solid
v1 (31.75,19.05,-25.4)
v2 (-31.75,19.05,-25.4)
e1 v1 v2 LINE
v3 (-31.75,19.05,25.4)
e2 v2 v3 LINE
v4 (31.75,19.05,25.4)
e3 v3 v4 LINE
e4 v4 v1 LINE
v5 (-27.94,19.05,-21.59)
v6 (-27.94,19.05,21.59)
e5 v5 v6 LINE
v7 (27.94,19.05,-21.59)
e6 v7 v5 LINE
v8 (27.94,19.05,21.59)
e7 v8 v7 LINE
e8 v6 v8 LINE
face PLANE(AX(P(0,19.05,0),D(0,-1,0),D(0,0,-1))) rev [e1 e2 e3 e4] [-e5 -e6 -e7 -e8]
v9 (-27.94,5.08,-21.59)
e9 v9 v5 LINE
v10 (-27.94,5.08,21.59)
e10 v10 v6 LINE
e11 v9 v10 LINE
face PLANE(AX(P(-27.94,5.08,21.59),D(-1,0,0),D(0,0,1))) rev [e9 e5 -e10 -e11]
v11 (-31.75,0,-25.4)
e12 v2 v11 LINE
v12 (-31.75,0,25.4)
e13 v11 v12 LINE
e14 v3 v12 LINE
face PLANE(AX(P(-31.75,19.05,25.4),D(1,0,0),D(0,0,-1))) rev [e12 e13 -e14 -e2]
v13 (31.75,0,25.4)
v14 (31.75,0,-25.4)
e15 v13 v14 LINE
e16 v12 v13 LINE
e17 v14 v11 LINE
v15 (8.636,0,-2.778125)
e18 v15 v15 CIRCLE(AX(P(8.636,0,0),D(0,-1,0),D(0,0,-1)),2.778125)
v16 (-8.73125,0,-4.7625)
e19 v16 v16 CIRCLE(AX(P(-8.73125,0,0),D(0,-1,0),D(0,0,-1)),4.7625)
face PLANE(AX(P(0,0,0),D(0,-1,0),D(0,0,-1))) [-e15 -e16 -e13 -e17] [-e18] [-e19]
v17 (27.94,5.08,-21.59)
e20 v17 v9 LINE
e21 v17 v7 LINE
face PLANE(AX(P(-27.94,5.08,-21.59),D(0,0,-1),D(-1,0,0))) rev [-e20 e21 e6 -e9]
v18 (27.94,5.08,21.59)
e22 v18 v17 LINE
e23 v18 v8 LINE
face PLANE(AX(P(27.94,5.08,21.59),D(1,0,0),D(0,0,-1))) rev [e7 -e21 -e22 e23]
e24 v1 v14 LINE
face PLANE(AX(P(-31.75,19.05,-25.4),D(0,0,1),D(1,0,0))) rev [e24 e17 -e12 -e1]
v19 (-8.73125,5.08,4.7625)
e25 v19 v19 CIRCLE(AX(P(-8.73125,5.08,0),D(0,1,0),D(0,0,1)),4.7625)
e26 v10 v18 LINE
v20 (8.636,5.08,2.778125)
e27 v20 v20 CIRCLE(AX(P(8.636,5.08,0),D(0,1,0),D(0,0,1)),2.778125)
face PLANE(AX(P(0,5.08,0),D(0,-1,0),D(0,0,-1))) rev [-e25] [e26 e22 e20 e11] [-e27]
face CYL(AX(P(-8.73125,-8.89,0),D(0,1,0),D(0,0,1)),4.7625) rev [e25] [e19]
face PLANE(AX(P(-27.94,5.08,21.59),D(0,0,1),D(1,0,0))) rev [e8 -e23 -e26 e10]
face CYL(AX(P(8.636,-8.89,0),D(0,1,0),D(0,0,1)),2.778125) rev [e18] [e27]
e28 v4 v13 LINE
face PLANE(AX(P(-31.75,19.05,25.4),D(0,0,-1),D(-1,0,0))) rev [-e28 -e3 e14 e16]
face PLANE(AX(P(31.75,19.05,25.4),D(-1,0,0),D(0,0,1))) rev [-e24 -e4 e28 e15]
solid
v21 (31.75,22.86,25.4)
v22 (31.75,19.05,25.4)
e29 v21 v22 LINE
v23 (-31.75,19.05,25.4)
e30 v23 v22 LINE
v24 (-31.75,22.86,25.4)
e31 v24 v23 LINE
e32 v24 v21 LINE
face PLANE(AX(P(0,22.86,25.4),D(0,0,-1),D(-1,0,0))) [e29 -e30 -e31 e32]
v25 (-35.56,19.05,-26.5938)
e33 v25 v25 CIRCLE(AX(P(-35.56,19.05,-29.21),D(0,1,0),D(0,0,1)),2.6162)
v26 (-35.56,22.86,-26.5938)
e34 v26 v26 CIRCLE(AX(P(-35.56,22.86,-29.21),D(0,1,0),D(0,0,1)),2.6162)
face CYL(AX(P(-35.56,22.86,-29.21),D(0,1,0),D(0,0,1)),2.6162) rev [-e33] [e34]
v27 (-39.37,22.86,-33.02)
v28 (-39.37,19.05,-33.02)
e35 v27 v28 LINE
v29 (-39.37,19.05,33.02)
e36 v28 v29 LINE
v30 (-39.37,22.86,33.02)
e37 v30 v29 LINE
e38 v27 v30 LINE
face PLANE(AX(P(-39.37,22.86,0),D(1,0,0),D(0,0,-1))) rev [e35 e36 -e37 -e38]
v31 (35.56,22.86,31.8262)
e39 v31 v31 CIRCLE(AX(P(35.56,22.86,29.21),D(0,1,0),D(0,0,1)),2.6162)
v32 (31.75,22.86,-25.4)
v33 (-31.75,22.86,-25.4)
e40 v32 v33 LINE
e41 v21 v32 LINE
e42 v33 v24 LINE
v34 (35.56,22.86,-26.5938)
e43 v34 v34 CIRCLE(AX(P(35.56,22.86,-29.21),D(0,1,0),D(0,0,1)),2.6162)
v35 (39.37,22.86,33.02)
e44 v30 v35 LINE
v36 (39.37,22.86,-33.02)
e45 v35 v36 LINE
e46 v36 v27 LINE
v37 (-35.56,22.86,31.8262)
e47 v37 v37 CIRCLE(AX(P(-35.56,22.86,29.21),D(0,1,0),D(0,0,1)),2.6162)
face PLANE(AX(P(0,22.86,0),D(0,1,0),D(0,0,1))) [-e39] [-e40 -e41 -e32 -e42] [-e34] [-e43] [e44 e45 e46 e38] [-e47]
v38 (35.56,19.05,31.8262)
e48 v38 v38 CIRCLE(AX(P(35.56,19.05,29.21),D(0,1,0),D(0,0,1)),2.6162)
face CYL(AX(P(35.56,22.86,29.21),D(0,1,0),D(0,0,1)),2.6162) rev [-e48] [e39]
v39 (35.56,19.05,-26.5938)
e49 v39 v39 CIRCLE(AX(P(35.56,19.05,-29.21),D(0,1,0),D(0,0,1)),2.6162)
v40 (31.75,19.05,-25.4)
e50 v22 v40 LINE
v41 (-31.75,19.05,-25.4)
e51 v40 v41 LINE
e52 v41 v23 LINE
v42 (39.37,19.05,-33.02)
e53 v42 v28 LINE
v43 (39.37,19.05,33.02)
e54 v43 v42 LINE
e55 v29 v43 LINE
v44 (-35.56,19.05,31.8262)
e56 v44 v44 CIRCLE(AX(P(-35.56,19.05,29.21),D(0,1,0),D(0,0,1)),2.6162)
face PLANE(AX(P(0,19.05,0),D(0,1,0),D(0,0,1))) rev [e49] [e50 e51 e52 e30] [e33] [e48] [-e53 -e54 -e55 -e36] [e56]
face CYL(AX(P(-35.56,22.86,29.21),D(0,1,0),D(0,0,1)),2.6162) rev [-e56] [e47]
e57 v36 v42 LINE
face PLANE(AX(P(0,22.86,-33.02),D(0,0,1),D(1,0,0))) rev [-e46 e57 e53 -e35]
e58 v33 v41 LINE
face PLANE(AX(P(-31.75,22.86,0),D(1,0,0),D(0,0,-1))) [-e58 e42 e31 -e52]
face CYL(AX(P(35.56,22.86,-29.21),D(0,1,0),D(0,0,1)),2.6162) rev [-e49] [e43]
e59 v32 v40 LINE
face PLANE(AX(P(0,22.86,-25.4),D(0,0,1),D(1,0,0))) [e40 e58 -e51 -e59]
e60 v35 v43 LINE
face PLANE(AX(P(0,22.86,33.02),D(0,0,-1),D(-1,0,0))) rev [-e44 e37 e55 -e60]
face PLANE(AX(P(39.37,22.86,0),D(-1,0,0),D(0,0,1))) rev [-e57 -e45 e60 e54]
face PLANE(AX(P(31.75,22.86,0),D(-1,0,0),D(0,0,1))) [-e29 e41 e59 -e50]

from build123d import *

# Parameters (mm, degrees)
SKETCH1_W                       = 63.5
SKETCH1_H                       = 50.8
BOSS_EXTRUDE1_DEPTH             = 19.05
SKETCH2_W                       = 55.88
SKETCH2_H                       = 43.18
CUT_EXTRUDE1_DEPTH              = 13.97
SKETCH3_R                       = 4.7625
SKETCH3_R_2                     = 2.778125
CUT_EXTRUDE2_DEPTH              = 13.97
SKETCH19_W                      = 78.74
SKETCH19_H                      = 66.04
SKETCH19_W_2                    = 63.5
SKETCH19_H_2                    = 50.8
BOSS_EXTRUDE5_DEPTH             = 3.81
F_10_CLEARANCE_HOLE1_AT_2_COUNT = 2
F_10_CLEARANCE_HOLE1_AT_2_PITCH = 58.42
F_10_CLEARANCE_HOLE1_AT_3_COUNT = 2
F_10_CLEARANCE_HOLE1_AT_3_PITCH = 92.037768335
F_10_CLEARANCE_HOLE1_AT_4_COUNT = 2
F_10_CLEARANCE_HOLE1_AT_4_PITCH = 71.12


with BuildPart() as part:
    # Sketch1 → Boss-Extrude1 (new body)
    with BuildSketch(Plane(origin=(0, 0, 0), x_dir=(1, 0, 0), z_dir=(0, 1, 0))):
        Rectangle(SKETCH1_W, SKETCH1_H)
    extrude(amount=BOSS_EXTRUDE1_DEPTH)

    # Sketch2 → Cut-Extrude1 (cut)
    with BuildSketch(Plane(origin=(0, 19.05, 0), x_dir=(1, 0, 0), z_dir=(0, 1, 0))):
        Rectangle(SKETCH2_W, SKETCH2_H)
    extrude(amount=-CUT_EXTRUDE1_DEPTH, mode=Mode.SUBTRACT)

    # Sketch3 → Cut-Extrude2 (cut)
    with BuildSketch(Plane(origin=(0, 5.08, 0), x_dir=(1, 0, 0), z_dir=(0, 1, 0))):
        with Locations(Location((-8.73125, 0, 0), (0, 0, 270))):
            Circle(SKETCH3_R)
        with Locations(Location((8.636, 0, 0), (0, 0, 270))):
            Circle(SKETCH3_R_2)
    extrude(amount=-CUT_EXTRUDE2_DEPTH, mode=Mode.SUBTRACT)


with BuildPart() as body_2:
    # Sketch19 → Boss-Extrude5 (new body)
    with BuildSketch(Plane(origin=(0, 19.05, 0), x_dir=(1, 0, 0), z_dir=(0, 1, 0))):
        Rectangle(SKETCH19_W, SKETCH19_H)
        Rectangle(SKETCH19_W_2, SKETCH19_H_2, mode=Mode.SUBTRACT)
    extrude(amount=BOSS_EXTRUDE5_DEPTH)

    # Sketch21 → #10 Clearance Hole1 (revolve, cut)
    with BuildSketch(Plane(origin=(35.56, 22.86, -29.21), x_dir=(0, 0, 1), z_dir=(1, 0, 0))):
        Polygon((0, 0), (0, 24.431971551), (2.6162, 22.86), (2.6162, 0), align=None)
    f_10_clearance_hole1 = revolve(axis=Axis((35.56, 29.21, -29.21), (0, -1, 0)), mode=Mode.SUBTRACT)

    # #10 Clearance Hole1 at 2: #10 Clearance Hole1 ×2
    with Locations(*[(0, 0, i * F_10_CLEARANCE_HOLE1_AT_2_PITCH) for i in range(1, F_10_CLEARANCE_HOLE1_AT_2_COUNT)]):
        add(f_10_clearance_hole1, mode=Mode.SUBTRACT)

    # #10 Clearance Hole1 at 3: #10 Clearance Hole1 ×2
    with Locations(*[Vector(-0.7727262545252344, 0, 0.6347394233600139) * (i * F_10_CLEARANCE_HOLE1_AT_3_PITCH) for i in range(1, F_10_CLEARANCE_HOLE1_AT_3_COUNT)]):
        add(f_10_clearance_hole1, mode=Mode.SUBTRACT)

    # #10 Clearance Hole1 at 4: #10 Clearance Hole1 ×2
    with Locations(*[(-i * F_10_CLEARANCE_HOLE1_AT_4_PITCH, 0, 0) for i in range(1, F_10_CLEARANCE_HOLE1_AT_4_COUNT)]):
        add(f_10_clearance_hole1, mode=Mode.SUBTRACT)


solid = Compound([part.part, body_2.part])
